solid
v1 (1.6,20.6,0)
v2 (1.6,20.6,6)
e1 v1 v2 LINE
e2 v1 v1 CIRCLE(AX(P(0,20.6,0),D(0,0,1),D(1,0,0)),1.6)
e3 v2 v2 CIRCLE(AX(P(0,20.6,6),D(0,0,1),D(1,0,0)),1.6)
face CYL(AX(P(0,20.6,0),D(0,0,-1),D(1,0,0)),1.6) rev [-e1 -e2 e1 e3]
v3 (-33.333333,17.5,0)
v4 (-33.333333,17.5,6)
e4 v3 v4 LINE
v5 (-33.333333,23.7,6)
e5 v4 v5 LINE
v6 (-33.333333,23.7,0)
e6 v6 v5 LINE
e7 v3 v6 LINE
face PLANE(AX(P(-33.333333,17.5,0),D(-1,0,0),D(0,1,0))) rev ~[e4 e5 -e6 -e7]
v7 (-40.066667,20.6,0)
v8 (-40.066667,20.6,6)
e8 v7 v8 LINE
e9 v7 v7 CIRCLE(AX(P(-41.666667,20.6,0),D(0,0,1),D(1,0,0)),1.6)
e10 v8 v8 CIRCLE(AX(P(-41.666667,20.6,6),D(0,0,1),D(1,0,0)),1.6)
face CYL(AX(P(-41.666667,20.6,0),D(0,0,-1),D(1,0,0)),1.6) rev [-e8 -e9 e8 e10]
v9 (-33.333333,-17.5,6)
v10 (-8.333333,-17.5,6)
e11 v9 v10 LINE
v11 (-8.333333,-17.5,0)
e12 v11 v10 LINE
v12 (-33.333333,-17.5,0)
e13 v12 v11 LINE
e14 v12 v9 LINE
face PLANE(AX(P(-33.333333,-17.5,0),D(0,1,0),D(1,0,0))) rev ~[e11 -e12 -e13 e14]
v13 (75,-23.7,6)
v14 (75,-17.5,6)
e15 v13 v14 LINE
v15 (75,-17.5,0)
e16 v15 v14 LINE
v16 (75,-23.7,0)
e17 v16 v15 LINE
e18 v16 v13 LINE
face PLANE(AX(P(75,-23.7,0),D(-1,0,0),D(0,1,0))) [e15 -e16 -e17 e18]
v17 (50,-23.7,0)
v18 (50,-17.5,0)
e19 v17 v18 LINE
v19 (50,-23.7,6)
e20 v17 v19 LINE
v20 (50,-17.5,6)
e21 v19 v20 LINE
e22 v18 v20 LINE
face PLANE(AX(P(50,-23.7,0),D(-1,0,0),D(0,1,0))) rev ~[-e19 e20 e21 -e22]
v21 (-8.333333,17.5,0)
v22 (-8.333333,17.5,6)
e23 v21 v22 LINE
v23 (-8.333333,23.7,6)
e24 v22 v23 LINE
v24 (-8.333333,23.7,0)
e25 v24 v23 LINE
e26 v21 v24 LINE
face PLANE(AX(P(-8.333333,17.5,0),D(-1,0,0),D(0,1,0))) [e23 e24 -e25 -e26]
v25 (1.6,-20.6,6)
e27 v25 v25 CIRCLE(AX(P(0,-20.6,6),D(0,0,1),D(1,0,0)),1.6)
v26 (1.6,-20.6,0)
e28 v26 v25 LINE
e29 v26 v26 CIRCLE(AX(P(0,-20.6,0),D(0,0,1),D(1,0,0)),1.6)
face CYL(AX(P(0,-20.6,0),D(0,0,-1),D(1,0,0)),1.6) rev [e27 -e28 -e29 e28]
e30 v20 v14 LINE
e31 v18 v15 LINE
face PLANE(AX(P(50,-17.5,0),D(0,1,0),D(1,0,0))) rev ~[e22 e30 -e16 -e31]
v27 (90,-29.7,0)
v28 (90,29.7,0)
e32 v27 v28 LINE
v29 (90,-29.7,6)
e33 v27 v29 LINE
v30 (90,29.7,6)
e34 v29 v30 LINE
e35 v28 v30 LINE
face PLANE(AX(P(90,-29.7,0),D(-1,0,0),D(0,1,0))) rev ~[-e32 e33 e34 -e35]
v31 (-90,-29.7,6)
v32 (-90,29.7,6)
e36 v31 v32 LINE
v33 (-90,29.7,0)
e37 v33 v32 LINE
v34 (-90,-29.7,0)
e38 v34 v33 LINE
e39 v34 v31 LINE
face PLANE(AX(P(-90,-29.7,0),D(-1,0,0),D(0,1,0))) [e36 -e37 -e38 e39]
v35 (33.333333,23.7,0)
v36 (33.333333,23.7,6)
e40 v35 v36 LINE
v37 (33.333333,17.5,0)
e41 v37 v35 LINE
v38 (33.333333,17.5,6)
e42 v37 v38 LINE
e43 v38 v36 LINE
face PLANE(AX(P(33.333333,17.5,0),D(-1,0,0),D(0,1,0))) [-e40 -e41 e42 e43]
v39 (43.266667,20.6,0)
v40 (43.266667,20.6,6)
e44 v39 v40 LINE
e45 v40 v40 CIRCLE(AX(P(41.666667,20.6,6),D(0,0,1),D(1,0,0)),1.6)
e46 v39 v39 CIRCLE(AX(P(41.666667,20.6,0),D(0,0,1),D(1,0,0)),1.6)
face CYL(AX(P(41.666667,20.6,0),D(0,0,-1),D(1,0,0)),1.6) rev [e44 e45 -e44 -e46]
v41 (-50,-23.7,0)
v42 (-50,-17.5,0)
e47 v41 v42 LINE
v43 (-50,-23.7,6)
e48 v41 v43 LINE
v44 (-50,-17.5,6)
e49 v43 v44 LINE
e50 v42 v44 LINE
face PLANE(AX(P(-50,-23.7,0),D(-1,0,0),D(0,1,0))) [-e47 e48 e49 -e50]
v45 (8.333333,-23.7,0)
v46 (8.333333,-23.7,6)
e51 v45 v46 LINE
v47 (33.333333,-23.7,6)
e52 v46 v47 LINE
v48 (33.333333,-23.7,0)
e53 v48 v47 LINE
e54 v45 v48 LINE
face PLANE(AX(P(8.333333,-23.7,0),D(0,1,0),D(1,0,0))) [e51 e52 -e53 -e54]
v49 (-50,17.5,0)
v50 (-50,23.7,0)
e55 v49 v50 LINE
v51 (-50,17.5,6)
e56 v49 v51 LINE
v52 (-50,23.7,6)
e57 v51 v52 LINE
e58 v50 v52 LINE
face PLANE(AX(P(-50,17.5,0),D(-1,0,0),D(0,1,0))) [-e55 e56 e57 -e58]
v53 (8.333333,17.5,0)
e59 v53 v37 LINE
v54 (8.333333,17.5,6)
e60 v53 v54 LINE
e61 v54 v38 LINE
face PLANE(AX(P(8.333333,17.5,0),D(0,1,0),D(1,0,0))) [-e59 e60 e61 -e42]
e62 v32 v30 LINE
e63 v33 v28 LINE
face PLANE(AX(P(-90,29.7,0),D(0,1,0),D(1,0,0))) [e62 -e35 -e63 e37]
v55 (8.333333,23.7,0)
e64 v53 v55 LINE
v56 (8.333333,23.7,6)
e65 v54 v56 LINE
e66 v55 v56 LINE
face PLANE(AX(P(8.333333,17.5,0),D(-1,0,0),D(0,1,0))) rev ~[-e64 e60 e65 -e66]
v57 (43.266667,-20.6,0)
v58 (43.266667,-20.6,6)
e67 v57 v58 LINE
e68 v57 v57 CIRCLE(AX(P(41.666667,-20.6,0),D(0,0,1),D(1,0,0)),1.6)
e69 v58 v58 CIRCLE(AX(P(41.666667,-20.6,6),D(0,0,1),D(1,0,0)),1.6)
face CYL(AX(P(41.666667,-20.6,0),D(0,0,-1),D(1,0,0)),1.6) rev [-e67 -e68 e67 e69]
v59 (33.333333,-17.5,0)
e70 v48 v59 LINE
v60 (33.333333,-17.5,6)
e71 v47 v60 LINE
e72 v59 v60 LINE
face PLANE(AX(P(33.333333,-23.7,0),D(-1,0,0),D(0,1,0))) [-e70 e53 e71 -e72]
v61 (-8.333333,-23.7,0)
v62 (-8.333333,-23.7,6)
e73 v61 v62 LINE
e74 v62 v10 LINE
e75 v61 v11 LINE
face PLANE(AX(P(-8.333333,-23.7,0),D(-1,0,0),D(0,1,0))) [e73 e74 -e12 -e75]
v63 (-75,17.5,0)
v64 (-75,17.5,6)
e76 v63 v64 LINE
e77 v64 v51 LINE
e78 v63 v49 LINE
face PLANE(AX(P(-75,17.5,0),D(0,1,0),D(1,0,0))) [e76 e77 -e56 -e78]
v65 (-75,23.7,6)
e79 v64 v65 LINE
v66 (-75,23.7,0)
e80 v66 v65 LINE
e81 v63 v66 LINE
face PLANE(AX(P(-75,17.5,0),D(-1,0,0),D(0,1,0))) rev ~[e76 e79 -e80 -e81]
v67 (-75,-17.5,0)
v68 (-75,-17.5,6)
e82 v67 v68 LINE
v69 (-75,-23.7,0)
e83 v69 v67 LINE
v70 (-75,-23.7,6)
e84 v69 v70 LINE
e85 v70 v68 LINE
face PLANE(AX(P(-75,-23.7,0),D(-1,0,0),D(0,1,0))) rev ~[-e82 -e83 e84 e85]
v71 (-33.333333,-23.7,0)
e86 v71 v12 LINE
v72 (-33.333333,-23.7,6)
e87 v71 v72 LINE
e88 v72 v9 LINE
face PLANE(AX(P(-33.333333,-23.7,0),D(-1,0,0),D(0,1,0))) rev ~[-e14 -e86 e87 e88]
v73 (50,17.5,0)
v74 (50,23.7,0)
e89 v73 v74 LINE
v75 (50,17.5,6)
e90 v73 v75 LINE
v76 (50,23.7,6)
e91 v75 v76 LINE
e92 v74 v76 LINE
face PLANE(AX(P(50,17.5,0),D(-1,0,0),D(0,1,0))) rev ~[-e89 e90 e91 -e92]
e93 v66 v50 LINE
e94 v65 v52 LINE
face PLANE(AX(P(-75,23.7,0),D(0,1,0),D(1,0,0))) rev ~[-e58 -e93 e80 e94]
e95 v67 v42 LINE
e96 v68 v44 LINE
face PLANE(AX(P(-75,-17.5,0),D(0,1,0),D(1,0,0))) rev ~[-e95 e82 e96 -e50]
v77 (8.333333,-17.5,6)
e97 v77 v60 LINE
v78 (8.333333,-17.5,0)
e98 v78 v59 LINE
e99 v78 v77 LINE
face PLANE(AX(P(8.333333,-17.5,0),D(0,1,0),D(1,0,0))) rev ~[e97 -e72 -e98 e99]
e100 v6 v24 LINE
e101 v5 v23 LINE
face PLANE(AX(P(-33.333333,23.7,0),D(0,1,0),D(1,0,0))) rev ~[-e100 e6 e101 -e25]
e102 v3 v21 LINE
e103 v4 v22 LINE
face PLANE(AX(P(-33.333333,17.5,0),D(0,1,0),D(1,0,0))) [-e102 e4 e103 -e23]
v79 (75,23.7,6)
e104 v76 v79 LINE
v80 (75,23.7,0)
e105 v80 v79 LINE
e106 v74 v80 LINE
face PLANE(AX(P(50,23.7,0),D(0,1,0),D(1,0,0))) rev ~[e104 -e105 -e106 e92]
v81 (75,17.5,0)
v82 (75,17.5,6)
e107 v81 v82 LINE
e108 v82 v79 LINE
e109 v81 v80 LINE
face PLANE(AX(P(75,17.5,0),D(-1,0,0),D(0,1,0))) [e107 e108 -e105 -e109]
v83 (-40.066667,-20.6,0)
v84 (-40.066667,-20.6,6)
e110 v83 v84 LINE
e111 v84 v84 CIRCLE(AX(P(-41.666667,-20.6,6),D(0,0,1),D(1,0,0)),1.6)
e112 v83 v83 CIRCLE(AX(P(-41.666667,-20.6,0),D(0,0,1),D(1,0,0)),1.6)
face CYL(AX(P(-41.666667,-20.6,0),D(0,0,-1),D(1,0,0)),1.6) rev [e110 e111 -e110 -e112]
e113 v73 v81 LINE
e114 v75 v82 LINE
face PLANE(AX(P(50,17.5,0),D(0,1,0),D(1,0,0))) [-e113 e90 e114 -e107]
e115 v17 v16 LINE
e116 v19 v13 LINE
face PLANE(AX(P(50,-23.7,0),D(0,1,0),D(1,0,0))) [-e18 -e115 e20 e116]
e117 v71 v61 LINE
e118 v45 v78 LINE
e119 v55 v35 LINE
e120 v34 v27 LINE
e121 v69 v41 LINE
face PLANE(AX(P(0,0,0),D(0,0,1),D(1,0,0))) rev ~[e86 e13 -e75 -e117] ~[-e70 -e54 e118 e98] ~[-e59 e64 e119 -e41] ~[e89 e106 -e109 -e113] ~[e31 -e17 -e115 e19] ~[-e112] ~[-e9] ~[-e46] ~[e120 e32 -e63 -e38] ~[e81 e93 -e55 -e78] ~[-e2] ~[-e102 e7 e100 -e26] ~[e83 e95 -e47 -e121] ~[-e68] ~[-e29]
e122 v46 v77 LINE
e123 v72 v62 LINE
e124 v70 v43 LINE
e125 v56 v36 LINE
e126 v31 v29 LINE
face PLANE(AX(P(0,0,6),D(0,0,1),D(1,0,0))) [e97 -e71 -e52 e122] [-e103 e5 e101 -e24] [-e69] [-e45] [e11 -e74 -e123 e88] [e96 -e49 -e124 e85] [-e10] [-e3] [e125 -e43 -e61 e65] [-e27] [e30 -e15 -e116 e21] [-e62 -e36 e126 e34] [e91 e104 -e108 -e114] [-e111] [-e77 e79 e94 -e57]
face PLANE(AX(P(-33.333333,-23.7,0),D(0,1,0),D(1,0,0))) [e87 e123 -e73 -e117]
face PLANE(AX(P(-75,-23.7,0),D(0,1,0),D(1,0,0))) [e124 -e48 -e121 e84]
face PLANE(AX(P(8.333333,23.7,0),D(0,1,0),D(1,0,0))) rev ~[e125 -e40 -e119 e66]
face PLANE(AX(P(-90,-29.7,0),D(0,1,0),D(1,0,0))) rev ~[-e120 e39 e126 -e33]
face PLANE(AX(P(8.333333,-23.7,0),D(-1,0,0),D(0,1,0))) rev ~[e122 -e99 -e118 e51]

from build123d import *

# Parameters (mm, degrees)
SKETCH1_W           = 180
SKETCH1_H           = 59.4
SKETCH1_R           = 1.6
SKETCH1_W_2         = 25
SKETCH1_H_2         = 6.2
BOSS_EXTRUDE1_DEPTH = 6


with BuildPart() as part:
    # Sketch1 → Boss-Extrude1 (new body)
    with BuildSketch(Plane.XY):
        Rectangle(SKETCH1_W, SKETCH1_H)
        with Locations((-41.666666667, -20.6)):
            Circle(SKETCH1_R, mode=Mode.SUBTRACT)
        with Locations((0, -20.6)):
            Circle(SKETCH1_R, mode=Mode.SUBTRACT)
        with Locations((41.666666667, -20.6)):
            Circle(SKETCH1_R, mode=Mode.SUBTRACT)
        with Locations((0, 20.6)):
            Circle(SKETCH1_R, mode=Mode.SUBTRACT)
        with Locations((41.666666667, 20.6)):
            Circle(SKETCH1_R, mode=Mode.SUBTRACT)
        with Locations((-41.666666667, 20.6)):
            Circle(SKETCH1_R, mode=Mode.SUBTRACT)
        with Locations((-20.833333333, -20.6)):
            Rectangle(SKETCH1_W_2, SKETCH1_H_2, mode=Mode.SUBTRACT)
        with Locations((-62.5, -20.6)):
            Rectangle(SKETCH1_W_2, SKETCH1_H_2, mode=Mode.SUBTRACT)
        with Locations((20.833333333, -20.6)):
            Rectangle(SKETCH1_W_2, SKETCH1_H_2, mode=Mode.SUBTRACT)
        with Locations((62.5, -20.6)):
            Rectangle(SKETCH1_W_2, SKETCH1_H_2, mode=Mode.SUBTRACT)
        with Locations((-62.5, 20.6)):
            Rectangle(SKETCH1_W_2, SKETCH1_H_2, mode=Mode.SUBTRACT)
        with Locations((-20.833333333, 20.6)):
            Rectangle(SKETCH1_W_2, SKETCH1_H_2, mode=Mode.SUBTRACT)
        with Locations((20.833333333, 20.6)):
            Rectangle(SKETCH1_W_2, SKETCH1_H_2, mode=Mode.SUBTRACT)
        with Locations((62.5, 20.6)):
            Rectangle(SKETCH1_W_2, SKETCH1_H_2, mode=Mode.SUBTRACT)
    extrude(amount=BOSS_EXTRUDE1_DEPTH)


solid = part.part
